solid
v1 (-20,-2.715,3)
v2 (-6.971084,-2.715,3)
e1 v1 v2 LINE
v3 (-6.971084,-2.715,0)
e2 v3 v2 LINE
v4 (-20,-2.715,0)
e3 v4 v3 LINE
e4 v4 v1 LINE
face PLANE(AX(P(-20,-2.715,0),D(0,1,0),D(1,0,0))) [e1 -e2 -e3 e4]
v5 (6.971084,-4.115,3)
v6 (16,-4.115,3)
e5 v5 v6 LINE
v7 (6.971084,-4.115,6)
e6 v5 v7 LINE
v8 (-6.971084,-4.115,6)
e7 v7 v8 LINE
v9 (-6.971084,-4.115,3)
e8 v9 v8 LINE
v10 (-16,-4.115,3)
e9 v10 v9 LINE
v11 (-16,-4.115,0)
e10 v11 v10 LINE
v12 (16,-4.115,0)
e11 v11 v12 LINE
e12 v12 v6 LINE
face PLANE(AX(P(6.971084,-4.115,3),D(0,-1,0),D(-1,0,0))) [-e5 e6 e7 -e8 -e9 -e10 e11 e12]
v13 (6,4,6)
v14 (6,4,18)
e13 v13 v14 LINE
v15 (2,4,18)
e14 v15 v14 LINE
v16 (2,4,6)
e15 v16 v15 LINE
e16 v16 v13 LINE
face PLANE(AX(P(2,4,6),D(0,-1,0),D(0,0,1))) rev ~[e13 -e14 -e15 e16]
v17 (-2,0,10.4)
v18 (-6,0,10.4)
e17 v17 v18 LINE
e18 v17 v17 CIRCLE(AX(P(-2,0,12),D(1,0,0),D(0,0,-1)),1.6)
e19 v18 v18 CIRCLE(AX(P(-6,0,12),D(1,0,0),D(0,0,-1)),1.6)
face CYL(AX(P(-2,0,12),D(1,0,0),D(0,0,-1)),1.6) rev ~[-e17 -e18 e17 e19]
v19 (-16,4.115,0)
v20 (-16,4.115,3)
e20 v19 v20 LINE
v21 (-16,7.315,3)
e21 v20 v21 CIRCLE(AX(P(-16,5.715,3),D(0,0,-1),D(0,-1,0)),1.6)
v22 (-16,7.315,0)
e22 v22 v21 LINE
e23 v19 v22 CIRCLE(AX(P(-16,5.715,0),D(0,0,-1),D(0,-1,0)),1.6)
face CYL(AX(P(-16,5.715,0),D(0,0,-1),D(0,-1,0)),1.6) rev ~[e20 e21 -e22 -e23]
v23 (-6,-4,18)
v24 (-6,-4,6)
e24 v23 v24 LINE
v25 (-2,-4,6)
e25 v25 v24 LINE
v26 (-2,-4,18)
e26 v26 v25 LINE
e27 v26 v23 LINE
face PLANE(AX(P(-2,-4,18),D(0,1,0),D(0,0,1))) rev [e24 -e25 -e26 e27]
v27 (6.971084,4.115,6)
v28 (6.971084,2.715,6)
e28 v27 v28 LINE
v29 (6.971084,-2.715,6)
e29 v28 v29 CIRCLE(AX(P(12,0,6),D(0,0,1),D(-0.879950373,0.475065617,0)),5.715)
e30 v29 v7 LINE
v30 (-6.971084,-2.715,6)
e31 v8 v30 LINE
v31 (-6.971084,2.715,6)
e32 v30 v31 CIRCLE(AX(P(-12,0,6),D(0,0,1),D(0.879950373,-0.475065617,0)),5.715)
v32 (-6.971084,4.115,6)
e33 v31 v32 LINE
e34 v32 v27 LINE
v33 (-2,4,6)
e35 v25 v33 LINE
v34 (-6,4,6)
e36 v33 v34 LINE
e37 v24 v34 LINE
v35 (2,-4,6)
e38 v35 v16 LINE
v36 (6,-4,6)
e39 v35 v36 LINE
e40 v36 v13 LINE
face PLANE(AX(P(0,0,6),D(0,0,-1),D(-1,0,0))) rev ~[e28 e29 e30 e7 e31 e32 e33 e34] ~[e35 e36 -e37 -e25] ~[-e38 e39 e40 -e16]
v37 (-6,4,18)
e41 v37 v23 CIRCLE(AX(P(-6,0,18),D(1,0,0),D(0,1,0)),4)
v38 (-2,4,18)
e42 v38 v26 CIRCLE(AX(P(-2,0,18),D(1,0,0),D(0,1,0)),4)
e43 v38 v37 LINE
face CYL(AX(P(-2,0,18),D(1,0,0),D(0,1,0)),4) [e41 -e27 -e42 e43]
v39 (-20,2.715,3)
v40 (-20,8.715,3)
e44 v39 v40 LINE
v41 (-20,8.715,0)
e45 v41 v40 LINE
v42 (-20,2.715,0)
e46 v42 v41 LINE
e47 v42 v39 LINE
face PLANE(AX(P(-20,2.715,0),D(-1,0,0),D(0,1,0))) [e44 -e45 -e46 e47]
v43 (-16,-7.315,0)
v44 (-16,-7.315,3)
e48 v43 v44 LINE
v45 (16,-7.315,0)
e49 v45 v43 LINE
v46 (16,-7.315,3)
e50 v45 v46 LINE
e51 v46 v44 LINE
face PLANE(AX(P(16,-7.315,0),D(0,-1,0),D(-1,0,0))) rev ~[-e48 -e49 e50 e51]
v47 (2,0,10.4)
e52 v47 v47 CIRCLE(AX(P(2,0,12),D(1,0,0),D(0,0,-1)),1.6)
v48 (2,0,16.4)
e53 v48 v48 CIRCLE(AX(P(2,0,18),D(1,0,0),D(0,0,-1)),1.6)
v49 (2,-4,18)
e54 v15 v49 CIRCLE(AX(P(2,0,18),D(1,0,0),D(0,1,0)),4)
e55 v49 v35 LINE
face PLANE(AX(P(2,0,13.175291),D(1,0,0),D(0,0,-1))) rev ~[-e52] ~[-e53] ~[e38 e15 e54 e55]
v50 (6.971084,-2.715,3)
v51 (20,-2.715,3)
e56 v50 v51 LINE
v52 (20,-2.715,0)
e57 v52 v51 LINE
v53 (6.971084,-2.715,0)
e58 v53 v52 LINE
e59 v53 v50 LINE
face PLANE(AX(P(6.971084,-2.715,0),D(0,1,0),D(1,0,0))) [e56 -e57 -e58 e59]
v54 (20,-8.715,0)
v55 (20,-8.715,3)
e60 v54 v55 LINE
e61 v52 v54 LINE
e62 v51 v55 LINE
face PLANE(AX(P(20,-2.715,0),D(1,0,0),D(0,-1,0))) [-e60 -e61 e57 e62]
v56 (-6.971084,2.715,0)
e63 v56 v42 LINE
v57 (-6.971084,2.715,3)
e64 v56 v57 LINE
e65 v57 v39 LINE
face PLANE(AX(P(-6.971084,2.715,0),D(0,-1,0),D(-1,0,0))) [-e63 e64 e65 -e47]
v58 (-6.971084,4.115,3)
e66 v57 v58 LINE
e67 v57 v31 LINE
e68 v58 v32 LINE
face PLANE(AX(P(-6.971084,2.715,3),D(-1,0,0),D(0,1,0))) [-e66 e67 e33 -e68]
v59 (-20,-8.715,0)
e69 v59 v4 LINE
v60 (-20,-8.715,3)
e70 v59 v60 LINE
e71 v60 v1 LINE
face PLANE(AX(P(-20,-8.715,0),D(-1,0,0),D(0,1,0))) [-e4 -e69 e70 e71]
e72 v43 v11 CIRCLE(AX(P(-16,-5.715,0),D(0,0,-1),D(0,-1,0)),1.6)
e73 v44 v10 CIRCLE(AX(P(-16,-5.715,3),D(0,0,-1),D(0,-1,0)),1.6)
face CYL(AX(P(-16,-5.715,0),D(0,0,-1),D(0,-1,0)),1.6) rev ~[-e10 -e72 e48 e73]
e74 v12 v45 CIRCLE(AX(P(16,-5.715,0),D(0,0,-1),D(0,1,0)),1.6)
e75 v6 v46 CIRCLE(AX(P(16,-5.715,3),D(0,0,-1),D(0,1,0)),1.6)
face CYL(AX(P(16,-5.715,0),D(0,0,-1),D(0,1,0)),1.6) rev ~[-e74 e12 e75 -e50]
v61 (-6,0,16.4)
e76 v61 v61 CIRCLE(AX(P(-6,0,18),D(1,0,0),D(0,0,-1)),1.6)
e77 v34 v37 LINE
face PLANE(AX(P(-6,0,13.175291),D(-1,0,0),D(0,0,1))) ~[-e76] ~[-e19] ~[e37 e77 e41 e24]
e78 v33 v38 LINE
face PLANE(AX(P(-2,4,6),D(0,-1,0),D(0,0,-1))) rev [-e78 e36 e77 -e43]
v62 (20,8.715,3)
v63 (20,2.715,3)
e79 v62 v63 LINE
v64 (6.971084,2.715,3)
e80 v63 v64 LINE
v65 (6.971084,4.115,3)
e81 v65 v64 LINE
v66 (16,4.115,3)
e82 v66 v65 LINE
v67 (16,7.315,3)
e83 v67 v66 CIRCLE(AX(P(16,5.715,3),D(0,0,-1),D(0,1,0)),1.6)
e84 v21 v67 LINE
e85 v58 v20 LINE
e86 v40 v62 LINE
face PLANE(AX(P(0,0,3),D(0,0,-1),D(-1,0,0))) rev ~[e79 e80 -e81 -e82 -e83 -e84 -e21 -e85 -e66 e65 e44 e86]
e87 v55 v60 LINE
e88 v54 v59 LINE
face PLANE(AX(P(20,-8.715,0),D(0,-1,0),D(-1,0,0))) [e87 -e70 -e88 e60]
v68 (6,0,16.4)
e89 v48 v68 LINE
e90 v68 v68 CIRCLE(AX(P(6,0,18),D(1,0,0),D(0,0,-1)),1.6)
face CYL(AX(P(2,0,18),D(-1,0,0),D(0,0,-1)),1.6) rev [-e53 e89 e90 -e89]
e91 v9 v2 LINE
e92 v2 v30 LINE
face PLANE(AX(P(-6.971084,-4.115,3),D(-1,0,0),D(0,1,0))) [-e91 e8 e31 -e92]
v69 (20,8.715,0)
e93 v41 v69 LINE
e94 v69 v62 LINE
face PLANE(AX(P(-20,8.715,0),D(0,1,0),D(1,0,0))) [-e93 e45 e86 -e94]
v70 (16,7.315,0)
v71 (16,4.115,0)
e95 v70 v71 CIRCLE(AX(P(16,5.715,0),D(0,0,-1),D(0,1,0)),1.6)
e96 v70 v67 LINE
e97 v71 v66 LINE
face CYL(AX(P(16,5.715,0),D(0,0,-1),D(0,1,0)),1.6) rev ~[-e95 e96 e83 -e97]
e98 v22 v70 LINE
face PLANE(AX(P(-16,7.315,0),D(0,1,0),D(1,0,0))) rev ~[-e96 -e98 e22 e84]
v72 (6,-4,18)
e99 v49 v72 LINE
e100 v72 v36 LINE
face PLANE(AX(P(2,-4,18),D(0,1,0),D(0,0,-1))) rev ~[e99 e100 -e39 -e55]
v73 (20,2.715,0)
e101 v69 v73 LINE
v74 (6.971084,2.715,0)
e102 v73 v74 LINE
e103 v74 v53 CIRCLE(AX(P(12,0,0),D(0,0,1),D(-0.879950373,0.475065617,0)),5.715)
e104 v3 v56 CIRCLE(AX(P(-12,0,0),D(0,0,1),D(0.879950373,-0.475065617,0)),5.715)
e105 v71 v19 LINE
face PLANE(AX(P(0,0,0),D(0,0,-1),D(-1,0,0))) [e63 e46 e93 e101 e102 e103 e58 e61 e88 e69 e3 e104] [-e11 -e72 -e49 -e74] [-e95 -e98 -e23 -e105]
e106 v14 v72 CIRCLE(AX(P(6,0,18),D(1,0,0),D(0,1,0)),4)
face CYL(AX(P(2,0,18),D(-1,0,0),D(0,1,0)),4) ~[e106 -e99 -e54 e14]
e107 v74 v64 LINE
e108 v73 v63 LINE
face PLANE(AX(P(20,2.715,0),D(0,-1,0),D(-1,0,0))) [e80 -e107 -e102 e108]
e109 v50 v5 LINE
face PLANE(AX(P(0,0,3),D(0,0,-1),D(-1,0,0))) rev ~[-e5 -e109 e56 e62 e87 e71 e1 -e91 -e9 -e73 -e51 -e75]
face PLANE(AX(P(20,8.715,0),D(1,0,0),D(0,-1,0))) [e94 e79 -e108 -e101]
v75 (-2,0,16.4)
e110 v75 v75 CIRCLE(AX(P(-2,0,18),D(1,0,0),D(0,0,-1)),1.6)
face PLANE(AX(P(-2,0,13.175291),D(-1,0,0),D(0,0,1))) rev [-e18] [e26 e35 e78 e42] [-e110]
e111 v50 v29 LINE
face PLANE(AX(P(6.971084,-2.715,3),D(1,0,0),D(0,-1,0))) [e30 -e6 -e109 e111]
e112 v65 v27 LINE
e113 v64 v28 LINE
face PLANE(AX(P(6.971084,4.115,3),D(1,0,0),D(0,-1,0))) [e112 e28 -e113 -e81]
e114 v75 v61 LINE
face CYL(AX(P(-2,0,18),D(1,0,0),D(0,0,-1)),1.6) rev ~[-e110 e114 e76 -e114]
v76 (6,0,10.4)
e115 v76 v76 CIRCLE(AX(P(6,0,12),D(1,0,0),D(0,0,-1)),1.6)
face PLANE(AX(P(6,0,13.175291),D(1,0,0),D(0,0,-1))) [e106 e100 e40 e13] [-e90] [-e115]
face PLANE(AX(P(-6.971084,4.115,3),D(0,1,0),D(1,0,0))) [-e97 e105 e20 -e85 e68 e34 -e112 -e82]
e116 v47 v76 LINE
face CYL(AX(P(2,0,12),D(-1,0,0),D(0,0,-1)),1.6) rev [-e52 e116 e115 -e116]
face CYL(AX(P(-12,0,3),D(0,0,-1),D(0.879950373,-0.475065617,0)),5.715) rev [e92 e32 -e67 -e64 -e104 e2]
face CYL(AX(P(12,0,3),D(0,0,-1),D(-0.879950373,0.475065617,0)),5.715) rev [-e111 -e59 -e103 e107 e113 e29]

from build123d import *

# Parameters (mm, degrees)
EXTRUDE_1_DEPTH = 3
EXTRUDE_2_DEPTH = 3
EXTRUDE_START   = 2
SKETCH_3_R      = 1.6
EXTRUDE_3_DEPTH = 4


with BuildPart() as part:
    # 草图1 → 凸台-拉伸1 (new body)
    with BuildSketch(Plane.XY):
        with BuildLine():
            Line((20, 8.715), (20, 2.715))
            Line((20, 2.715), (6.971083616, 2.715))
            ThreePointArc((6.971083616, 2.715), (6.285, 0), (6.971083616, -2.715))
            Line((6.971083616, -2.715), (20, -2.715))
            Line((20, -2.715), (20, -8.715))
            Line((20, -8.715), (-20, -8.715))
            Line((-20, -8.715), (-20, -2.715))
            Line((-20, -2.715), (-6.971083616, -2.715))
            ThreePointArc((-6.971083616, -2.715), (-6.285, 0), (-6.971083616, 2.715))
            Line((-6.971083616, 2.715), (-20, 2.715))
            Line((-20, 2.715), (-20, 8.715))
            Line((-20, 8.715), (20, 8.715))
        make_face()
        with BuildLine():
            Line((16, 4.115), (-16, 4.115))
            ThreePointArc((-16, 4.115), (-17.6, 5.715), (-16, 7.315))
            Line((-16, 7.315), (16, 7.315))
            ThreePointArc((16, 7.315), (17.6, 5.715), (16, 4.115))
        make_face(mode=Mode.SUBTRACT)
        with BuildLine():
            Line((16, -7.315), (-16, -7.315))
            ThreePointArc((-16, -7.315), (-17.6, -5.715), (-16, -4.115))
            Line((-16, -4.115), (16, -4.115))
            ThreePointArc((16, -4.115), (17.6, -5.715), (16, -7.315))
        make_face(mode=Mode.SUBTRACT)
    extrude(amount=EXTRUDE_1_DEPTH)

    # 草图2 → 凸台-拉伸2 (add)
    with BuildSketch(Plane.XY.offset(3)):
        with BuildLine():
            Line((-6.971083616, 2.715), (-6.971083616, 4.115))
            Line((-6.971083616, 4.115), (6.971083616, 4.115))
            Line((6.971083616, 4.115), (6.971083616, 2.715))
            ThreePointArc((6.971083616, 2.715), (6.285, 0), (6.971083616, -2.715))
            Line((6.971083616, -2.715), (6.971083616, -4.115))
            Line((6.971083616, -4.115), (-6.971083616, -4.115))
            Line((-6.971083616, -4.115), (-6.971083616, -2.715))
            ThreePointArc((-6.971083616, -2.715), (-6.285, 0), (-6.971083616, 2.715))
        make_face()
    extrude(amount=EXTRUDE_2_DEPTH)

    # 草图3 → 凸台-拉伸3 (add)
    with BuildSketch(Plane(origin=(0, 0, 0), x_dir=(0, 0, -1), z_dir=(1, 0, 0)).offset(EXTRUDE_START)):
        with BuildLine():
            Line((-6, 4), (-18, 4))
            ThreePointArc((-18, 4), (-22, 0), (-18, -4))
            Line((-18, -4), (-6, -4))
            Line((-6, -4), (-6, 4))
        make_face()
        with Locations((-18, 0)):
            Circle(SKETCH_3_R, mode=Mode.SUBTRACT)
        with Locations((-12, 0)):
            Circle(SKETCH_3_R, mode=Mode.SUBTRACT)
    extrude_3 = extrude(amount=EXTRUDE_3_DEPTH)

    # 镜向1: 凸台-拉伸3 across plane
    add(extrude_3.mirror(Plane(origin=(0, 0, 0), x_dir=(0, 0, 1), z_dir=(1, 0, 0))))


solid = part.part
